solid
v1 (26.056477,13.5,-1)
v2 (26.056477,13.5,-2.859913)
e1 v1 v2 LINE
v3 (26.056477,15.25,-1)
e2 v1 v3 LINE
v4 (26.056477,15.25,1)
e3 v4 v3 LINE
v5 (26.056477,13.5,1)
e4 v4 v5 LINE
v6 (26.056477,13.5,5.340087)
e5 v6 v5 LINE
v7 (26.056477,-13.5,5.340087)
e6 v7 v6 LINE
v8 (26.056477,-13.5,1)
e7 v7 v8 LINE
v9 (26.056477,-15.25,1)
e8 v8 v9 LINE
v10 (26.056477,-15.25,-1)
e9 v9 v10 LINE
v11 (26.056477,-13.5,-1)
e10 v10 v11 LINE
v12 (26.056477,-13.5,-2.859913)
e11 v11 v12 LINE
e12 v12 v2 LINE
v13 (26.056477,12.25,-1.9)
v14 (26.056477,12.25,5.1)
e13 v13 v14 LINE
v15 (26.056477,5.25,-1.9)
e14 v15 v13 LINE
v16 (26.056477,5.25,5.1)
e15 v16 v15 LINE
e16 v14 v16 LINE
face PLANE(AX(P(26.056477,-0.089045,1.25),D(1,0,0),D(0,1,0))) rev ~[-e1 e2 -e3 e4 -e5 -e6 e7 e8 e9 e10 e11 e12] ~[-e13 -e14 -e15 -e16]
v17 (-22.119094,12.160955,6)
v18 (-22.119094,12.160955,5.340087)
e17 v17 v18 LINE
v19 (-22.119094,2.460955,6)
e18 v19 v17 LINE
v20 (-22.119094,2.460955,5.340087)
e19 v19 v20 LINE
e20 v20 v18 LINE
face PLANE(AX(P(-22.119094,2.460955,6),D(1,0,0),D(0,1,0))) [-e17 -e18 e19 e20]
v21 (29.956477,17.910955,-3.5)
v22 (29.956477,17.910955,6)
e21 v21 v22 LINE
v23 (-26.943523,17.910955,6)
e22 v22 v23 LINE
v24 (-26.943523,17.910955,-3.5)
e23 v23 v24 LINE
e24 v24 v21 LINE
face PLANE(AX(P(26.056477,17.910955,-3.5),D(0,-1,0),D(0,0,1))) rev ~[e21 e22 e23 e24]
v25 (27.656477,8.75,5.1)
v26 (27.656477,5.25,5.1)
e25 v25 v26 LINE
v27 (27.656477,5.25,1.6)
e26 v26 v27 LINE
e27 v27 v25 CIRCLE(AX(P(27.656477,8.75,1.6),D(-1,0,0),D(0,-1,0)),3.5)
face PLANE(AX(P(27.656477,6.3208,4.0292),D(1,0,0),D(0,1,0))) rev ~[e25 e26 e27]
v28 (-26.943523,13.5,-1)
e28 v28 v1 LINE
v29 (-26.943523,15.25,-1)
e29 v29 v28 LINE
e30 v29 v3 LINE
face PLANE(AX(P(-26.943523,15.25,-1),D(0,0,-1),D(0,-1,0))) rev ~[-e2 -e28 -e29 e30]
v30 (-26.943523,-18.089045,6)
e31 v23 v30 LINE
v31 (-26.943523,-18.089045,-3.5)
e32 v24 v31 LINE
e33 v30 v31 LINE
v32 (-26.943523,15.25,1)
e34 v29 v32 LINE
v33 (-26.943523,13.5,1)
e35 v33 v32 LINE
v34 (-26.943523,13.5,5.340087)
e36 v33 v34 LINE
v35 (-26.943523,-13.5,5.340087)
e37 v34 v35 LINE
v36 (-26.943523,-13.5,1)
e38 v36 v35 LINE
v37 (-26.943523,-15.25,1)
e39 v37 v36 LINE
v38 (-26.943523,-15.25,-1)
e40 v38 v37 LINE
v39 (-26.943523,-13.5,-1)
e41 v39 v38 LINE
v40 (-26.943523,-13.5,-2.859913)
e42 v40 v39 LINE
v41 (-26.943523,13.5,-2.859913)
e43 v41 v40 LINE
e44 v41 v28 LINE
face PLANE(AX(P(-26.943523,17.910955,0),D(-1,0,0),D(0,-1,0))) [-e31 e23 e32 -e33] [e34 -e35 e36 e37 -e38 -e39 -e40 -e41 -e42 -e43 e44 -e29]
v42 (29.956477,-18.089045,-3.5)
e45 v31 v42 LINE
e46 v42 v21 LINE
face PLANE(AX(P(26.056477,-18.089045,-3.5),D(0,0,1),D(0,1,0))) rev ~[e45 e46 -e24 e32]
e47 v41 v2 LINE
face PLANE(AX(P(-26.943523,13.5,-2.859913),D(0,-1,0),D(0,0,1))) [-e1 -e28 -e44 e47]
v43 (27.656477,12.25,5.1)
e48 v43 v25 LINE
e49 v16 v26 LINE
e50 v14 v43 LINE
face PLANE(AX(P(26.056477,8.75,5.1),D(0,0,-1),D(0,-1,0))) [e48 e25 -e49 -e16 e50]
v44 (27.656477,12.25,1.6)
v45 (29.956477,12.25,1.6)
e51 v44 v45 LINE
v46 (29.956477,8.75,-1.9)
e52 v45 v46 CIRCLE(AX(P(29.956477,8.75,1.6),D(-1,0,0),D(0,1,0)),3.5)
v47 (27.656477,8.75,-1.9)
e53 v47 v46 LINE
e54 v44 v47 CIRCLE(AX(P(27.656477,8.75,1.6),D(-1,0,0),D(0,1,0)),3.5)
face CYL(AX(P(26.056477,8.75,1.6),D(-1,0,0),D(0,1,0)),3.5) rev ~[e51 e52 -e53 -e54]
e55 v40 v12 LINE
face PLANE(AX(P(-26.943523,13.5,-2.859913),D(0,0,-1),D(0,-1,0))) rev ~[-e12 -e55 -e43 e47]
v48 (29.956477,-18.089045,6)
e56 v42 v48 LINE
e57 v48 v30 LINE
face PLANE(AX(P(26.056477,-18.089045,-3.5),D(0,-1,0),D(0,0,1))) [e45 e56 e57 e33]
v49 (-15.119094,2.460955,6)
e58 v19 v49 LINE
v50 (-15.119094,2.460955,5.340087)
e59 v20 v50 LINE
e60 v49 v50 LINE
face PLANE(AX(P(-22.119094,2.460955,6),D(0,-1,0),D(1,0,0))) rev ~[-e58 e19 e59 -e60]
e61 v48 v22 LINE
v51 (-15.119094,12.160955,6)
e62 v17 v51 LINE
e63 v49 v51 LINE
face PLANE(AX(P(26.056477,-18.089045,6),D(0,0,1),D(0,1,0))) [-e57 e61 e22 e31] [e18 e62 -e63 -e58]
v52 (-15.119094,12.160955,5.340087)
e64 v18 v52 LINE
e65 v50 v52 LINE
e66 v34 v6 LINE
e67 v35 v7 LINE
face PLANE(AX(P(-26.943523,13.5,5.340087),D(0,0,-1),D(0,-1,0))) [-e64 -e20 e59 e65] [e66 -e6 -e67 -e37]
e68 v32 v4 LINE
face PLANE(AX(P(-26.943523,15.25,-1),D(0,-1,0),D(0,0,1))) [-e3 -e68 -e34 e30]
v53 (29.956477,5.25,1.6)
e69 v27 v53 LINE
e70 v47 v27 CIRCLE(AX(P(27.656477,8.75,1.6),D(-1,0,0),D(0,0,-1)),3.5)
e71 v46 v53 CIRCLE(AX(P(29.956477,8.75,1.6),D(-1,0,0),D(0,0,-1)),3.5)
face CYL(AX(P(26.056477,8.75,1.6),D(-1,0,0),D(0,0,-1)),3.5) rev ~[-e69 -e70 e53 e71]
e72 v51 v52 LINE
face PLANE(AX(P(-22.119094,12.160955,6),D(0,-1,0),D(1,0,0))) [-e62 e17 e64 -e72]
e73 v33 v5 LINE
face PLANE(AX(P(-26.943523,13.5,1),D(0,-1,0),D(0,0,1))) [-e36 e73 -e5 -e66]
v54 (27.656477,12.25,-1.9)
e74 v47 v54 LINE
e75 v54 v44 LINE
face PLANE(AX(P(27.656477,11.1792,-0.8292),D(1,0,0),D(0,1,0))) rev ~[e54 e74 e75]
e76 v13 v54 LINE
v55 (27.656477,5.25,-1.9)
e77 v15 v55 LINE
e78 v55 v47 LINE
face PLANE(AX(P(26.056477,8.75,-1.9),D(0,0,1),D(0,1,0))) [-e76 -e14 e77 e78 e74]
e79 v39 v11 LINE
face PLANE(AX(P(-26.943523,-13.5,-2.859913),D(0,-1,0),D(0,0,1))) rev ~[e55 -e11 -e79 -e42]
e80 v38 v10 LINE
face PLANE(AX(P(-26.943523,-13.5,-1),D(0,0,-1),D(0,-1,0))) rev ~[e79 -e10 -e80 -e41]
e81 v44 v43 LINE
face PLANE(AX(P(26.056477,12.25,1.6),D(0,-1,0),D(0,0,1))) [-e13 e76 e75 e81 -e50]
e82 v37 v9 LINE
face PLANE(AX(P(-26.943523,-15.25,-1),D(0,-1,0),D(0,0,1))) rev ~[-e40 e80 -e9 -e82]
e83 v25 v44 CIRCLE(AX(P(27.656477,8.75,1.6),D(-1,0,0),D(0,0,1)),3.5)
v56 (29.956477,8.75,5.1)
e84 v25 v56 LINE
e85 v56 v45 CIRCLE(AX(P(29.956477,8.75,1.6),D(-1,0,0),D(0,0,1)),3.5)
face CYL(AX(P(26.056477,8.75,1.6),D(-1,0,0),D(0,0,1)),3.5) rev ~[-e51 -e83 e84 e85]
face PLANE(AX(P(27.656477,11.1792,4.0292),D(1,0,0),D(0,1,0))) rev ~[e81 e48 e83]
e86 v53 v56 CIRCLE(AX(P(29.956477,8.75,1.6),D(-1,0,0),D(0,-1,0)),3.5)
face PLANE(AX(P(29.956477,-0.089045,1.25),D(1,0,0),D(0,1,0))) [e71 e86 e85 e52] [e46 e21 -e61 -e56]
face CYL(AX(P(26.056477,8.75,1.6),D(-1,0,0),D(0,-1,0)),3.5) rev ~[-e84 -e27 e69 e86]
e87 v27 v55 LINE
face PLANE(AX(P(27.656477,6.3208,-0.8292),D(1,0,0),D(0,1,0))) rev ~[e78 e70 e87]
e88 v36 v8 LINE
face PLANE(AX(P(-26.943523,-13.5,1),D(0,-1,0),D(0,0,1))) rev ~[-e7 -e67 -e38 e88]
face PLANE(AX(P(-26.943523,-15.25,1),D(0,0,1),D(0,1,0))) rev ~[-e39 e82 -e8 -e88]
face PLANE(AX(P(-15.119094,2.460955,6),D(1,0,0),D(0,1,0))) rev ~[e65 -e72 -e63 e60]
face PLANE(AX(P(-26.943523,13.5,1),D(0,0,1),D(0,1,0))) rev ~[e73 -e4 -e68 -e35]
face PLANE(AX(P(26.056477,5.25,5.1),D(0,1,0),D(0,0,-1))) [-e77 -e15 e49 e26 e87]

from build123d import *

# Parameters (mm, degrees)
F1_DEPTH      = 6
F1_DEPTH_BACK = 3.5
F2_W          = 1.75
F2_H          = 2
F2_W_2        = 27
F2_H_2        = 1.8599129291
F2_H_3        = 4.3400870709
F3_DEPTH      = 53.001
F4_W          = 7
F4_H          = 9.7
F5_DEPTH      = 0.6599129291
F6_W          = 36
F6_H          = 9.5
F7_DEPTH      = 3.9
F8_DEPTH      = 1.6


with BuildPart() as f1:
    # F0 (on Top) → F1 (new body, two sides)
    with BuildSketch(Plane.XY) as f1_sk:
        Polygon((23.0564765632, 14.9109546933), (-26.9435234368, 14.9109546933), (-26.9435234368, -4.6890453067), (-26.9435234368, -11.6890453067), (-26.9435234368, -15.0890453067), (23.0564765632, -15.0890453067), align=None)
        Polygon((-26.9435234368, 17.9109546933), (-26.9435234368, 14.9109546933), (23.0564765632, 14.9109546933), (23.0564765632, -15.0890453067), (-26.9435234368, -15.0890453067), (-26.9435234368, -18.0890453067), (26.0564765632, -18.0890453067), (26.0564765632, 17.9109546933), align=None)
    extrude(amount=F1_DEPTH)
    extrude(f1_sk.sketch, amount=-F1_DEPTH_BACK)

    # F2 (on face) → F3 (cut, through all)
    with BuildSketch(Plane(origin=(-26.9435234368, 0, 0), x_dir=(0, -1, 0), z_dir=(-1, 0, 0))):
        with Locations((14.375, 0)):
            Rectangle(F2_W, F2_H)
        with Locations((0, -1.9299564646)):
            Rectangle(F2_W_2, F2_H_2)
        with Locations((-14.375, 0)):
            Rectangle(F2_W, F2_H)
        Rectangle(F2_W_2, F2_H)
        with Locations((0, 3.1700435354)):
            Rectangle(F2_W_2, F2_H_3)
    extrude(amount=-F3_DEPTH, mode=Mode.SUBTRACT)

    # F4 (on face) → F5 (cut, through all)
    with BuildSketch(Plane.XY.offset(6)):
        with Locations((-18.6190935215, 7.3109546933)):
            Rectangle(F4_W, F4_H)
    extrude(amount=-F5_DEPTH, mode=Mode.SUBTRACT)

    # F6 (on face) → F7 (join)
    with BuildSketch(Plane.YZ.offset(26.0564765632)):
        with Locations((-0.0890453067, 1.25)):
            Rectangle(F6_W, F6_H)
        Polygon((-15.25, -1), (-15.25, 1), (-13.5, 1), (-13.5, 5.3400870709), (13.5, 5.3400870709), (13.5, 1), (15.25, 1), (15.25, -1), (13.5, -1), (13.5, -2.8599129291), (-13.5, -2.8599129291), (-13.5, -1), align=None, mode=Mode.SUBTRACT)
        Polygon((-13.5, 1), (-15.25, 1), (-15.25, -1), (-13.5, -1), (-13.5, -2.8599129291), (13.5, -2.8599129291), (13.5, -1), (15.25, -1), (15.25, 1), (13.5, 1), (13.5, 5.3400870709), (-13.5, 5.3400870709), align=None)
        Polygon((5.25, 1.6), (5.25, 5.1), (8.75, 5.1), (12.25, 5.1), (12.25, 1.6), (12.25, -1.9), (8.75, -1.9), (5.25, -1.9), align=None, mode=Mode.SUBTRACT)
        with BuildLine():
            Line((8.75, 5.1), (5.25, 5.1))
            Line((5.25, 5.1), (5.25, 1.6))
            ThreePointArc((5.25, 1.6), (6.2751262658, 4.0748737342), (8.75, 5.1))
        make_face()
        with BuildLine():
            Line((12.25, 5.1), (8.75, 5.1))
            ThreePointArc((8.75, 5.1), (11.2248737342, 4.0748737342), (12.25, 1.6))
            Line((12.25, 1.6), (12.25, 5.1))
        make_face()
        with BuildLine():
            Line((12.25, -1.9), (12.25, 1.6))
            ThreePointArc((12.25, 1.6), (11.2248737342, -0.8748737342), (8.75, -1.9))
            Line((8.75, -1.9), (12.25, -1.9))
        make_face()
        with BuildLine():
            ThreePointArc((8.75, -1.9), (6.2751262658, -0.8748737342), (5.25, 1.6))
            Line((5.25, 1.6), (5.25, -1.9))
            Line((5.25, -1.9), (8.75, -1.9))
        make_face()
    extrude(amount=F7_DEPTH)

    # F6 (on face) → F8 (cut)
    with BuildSketch(Plane.YZ.offset(26.0564765632)):
        with BuildLine():
            Line((8.75, 5.1), (5.25, 5.1))
            Line((5.25, 5.1), (5.25, 1.6))
            ThreePointArc((5.25, 1.6), (6.2751262658, 4.0748737342), (8.75, 5.1))
        make_face()
        with BuildLine():
            Line((12.25, 5.1), (8.75, 5.1))
            ThreePointArc((8.75, 5.1), (11.2248737342, 4.0748737342), (12.25, 1.6))
            Line((12.25, 1.6), (12.25, 5.1))
        make_face()
        with BuildLine():
            Line((12.25, -1.9), (12.25, 1.6))
            ThreePointArc((12.25, 1.6), (11.2248737342, -0.8748737342), (8.75, -1.9))
            Line((8.75, -1.9), (12.25, -1.9))
        make_face()
        with BuildLine():
            ThreePointArc((8.75, -1.9), (6.2751262658, -0.8748737342), (5.25, 1.6))
            Line((5.25, 1.6), (5.25, -1.9))
            Line((5.25, -1.9), (8.75, -1.9))
        make_face()
    extrude(amount=F8_DEPTH, mode=Mode.SUBTRACT)


solid = f1.part
